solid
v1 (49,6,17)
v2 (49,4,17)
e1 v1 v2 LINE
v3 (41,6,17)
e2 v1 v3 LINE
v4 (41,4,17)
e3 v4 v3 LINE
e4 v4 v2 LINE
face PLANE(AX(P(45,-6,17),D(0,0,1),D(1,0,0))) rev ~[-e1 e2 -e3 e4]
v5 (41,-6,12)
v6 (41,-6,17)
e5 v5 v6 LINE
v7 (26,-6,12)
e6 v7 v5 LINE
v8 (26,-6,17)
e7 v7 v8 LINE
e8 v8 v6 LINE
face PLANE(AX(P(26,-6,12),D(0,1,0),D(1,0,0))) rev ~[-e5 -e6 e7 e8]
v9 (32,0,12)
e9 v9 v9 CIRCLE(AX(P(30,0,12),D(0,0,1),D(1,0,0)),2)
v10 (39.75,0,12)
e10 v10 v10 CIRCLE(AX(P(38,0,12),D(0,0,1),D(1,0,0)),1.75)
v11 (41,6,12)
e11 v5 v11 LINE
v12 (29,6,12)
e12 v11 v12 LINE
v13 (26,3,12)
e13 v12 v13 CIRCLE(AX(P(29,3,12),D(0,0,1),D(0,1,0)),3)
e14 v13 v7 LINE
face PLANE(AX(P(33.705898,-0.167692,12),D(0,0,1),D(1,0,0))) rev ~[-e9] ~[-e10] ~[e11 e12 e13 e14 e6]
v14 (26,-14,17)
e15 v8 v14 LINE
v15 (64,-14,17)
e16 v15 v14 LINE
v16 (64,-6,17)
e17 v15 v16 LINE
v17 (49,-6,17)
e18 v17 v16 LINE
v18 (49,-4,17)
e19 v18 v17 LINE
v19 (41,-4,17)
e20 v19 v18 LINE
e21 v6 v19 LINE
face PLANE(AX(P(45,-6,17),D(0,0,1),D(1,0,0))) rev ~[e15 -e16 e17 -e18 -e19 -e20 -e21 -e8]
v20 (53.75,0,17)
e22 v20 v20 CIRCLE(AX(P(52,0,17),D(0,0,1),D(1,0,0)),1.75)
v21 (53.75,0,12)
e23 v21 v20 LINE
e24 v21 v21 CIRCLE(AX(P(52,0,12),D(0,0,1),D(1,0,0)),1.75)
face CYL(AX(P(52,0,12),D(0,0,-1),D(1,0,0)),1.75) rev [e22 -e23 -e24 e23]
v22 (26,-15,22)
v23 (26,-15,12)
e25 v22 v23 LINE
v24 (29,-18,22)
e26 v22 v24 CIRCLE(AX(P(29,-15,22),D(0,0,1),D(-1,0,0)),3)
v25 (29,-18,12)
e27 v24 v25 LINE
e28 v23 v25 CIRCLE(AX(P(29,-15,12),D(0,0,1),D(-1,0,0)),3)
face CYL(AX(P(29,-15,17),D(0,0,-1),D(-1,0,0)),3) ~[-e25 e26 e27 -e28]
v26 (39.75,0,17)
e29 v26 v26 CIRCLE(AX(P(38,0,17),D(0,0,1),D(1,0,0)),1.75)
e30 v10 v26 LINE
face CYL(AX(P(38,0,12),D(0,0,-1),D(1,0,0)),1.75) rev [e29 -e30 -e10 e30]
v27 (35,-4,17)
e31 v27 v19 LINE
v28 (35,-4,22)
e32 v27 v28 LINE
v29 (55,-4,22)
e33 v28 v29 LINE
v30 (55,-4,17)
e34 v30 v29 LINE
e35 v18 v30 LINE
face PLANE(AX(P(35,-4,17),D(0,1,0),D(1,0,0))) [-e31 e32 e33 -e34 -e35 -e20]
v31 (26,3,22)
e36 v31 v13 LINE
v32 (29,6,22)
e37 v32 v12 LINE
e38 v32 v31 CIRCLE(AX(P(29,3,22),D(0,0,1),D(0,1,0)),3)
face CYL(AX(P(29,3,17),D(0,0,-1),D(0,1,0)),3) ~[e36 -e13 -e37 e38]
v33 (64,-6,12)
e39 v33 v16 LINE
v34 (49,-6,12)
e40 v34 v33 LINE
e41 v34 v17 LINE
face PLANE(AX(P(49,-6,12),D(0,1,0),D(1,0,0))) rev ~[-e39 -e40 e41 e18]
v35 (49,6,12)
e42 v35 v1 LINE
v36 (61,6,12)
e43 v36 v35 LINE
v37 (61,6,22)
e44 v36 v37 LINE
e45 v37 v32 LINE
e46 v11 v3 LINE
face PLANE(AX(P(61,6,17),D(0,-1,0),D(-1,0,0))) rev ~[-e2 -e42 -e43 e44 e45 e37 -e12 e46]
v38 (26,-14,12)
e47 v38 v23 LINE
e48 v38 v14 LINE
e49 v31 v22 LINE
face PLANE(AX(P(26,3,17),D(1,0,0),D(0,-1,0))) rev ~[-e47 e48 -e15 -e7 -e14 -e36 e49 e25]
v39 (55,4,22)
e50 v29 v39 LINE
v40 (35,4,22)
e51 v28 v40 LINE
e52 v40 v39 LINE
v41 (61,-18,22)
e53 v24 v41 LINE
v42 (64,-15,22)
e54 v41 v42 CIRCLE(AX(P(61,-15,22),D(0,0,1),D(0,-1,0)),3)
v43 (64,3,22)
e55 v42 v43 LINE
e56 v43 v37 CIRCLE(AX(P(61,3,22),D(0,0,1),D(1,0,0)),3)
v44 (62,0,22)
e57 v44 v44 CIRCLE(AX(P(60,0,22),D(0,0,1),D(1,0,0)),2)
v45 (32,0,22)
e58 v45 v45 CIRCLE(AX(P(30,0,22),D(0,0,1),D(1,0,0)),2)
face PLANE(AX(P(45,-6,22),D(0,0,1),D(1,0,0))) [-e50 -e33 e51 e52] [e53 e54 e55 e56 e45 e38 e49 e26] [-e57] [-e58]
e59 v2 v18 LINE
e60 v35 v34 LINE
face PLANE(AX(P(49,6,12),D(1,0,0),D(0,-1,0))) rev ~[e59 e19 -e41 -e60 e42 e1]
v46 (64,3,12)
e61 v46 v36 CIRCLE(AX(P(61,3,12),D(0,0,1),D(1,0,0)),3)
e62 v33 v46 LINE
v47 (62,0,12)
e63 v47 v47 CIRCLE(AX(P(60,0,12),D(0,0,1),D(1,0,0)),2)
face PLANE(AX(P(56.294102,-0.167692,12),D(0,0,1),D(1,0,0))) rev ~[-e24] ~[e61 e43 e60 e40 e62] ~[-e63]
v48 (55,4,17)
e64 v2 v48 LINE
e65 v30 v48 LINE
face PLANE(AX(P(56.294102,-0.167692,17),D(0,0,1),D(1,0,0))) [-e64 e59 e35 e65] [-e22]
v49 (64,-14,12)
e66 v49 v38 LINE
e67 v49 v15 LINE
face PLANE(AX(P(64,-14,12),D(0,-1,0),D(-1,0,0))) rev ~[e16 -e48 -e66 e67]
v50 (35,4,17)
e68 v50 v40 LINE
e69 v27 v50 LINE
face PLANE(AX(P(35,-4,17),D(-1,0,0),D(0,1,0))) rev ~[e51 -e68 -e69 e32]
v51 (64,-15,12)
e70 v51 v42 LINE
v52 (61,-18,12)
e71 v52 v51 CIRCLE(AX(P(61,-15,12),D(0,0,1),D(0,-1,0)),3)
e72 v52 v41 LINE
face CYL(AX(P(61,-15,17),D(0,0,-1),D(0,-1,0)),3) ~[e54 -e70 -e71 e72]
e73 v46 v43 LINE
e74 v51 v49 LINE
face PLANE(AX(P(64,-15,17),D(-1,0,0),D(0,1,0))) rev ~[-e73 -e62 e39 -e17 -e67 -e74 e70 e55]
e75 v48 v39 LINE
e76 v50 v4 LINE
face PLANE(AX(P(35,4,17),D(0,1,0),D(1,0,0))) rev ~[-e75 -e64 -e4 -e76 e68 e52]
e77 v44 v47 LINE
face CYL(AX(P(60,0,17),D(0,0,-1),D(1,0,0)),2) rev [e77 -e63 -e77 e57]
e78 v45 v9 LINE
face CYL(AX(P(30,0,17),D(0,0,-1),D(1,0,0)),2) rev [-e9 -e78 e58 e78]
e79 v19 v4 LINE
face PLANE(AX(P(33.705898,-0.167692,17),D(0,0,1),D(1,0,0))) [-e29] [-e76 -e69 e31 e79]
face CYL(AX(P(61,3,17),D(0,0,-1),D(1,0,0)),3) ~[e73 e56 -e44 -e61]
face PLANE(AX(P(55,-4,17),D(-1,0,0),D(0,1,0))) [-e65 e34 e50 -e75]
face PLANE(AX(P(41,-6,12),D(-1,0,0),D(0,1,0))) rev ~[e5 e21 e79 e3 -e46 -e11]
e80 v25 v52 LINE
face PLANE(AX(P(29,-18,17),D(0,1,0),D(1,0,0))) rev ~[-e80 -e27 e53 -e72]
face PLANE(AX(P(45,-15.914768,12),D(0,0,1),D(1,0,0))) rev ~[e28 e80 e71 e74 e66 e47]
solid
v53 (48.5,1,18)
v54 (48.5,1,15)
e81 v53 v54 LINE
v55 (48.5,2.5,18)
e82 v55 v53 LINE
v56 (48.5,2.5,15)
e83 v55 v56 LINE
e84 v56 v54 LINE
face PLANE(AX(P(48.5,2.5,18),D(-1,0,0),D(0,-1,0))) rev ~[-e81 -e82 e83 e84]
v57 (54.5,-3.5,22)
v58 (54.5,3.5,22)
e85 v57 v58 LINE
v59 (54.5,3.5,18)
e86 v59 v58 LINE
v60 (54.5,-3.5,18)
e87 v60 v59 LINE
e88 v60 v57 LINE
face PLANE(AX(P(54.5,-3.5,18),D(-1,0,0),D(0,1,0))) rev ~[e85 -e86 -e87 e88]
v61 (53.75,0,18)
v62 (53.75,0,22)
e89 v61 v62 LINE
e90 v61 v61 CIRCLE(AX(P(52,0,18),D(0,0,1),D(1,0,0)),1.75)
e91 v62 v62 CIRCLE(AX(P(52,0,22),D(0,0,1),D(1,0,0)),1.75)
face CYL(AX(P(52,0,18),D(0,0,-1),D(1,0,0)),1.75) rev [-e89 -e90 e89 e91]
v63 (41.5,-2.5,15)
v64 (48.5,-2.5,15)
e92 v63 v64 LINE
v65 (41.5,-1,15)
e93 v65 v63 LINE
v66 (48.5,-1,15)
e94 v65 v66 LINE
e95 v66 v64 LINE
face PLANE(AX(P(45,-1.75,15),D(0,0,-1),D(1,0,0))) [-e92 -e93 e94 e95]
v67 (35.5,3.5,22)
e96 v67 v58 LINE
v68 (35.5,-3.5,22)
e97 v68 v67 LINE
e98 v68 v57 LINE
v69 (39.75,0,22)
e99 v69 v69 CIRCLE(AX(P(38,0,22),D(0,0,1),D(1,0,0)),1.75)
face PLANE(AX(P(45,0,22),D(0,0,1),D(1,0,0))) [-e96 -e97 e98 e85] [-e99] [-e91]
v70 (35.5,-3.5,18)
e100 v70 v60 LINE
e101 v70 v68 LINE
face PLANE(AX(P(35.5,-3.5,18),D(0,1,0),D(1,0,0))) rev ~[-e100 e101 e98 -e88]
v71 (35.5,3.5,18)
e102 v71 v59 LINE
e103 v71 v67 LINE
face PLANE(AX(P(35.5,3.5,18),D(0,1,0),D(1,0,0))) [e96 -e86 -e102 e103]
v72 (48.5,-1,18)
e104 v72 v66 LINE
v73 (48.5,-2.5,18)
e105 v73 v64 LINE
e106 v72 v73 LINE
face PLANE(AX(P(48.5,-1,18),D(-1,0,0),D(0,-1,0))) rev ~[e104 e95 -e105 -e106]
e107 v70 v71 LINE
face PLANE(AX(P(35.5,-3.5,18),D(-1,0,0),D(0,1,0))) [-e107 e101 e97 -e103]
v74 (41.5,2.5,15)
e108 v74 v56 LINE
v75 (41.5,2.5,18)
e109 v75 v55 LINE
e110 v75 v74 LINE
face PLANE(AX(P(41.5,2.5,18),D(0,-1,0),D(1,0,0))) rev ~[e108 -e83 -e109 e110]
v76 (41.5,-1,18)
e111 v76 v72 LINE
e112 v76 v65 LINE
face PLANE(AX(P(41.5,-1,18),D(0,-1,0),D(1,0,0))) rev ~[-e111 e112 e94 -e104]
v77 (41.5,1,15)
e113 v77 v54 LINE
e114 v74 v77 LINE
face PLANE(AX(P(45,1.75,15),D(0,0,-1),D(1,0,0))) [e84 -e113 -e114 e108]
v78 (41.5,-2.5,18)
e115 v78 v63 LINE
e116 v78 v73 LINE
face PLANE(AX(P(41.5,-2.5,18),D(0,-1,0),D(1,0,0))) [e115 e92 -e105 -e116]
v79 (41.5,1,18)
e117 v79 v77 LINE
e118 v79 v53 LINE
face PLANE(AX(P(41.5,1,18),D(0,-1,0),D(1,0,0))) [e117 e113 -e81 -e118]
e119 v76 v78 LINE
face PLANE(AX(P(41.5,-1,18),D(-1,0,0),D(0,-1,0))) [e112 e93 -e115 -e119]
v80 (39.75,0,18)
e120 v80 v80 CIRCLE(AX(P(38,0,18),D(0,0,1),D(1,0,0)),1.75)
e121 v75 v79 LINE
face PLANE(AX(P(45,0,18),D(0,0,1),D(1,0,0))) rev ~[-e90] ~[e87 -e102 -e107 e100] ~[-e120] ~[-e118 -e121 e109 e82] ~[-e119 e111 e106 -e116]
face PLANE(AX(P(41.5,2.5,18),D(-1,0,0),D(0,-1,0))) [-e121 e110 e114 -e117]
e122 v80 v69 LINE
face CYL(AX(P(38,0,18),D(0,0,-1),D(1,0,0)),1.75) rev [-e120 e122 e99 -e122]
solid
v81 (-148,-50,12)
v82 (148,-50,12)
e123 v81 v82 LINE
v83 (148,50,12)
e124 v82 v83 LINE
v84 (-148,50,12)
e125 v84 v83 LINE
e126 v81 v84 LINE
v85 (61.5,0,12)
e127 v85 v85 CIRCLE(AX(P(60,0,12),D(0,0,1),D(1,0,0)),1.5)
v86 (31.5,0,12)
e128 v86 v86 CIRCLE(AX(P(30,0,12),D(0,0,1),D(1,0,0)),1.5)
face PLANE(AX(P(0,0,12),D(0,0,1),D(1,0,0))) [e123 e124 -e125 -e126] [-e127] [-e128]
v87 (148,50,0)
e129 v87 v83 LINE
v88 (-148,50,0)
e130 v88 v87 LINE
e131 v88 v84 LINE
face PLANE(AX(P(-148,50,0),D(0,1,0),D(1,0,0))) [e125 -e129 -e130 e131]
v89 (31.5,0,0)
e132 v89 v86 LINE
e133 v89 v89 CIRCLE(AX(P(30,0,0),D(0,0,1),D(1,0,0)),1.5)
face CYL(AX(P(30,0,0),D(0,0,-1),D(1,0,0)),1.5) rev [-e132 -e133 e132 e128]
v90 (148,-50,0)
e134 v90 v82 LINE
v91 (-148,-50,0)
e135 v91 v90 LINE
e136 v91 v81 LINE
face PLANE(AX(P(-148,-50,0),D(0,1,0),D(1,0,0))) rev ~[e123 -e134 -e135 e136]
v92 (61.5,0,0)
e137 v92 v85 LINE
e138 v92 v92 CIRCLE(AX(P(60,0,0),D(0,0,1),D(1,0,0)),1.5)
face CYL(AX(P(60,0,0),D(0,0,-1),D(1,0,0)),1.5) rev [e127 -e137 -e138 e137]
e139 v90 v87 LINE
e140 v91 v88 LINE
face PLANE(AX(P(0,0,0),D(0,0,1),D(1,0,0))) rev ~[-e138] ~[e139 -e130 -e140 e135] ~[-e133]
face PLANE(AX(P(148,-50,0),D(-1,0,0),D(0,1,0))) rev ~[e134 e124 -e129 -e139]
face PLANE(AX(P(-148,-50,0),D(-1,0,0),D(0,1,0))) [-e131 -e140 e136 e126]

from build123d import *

# Parameters (mm, degrees)
F0_W     = 296
F0_H     = 100
F0_R     = 1.5
F1_DEPTH = 12
F2_R     = 2
F2_R_2   = 1.75
F3_DEPTH = 5
F4_R     = 2
F4_W     = 20
F4_H     = 8
F5_DEPTH = 5
F7_START = 1
F6_W     = 19
F6_H     = 7
F6_R     = 1.75
F7_DEPTH = 4
F8_W     = 7
F8_H     = 1.5
F9_DEPTH = 3


with BuildPart() as f1:
    # F0 (on Top) → F1 (new body)
    with BuildSketch(Plane.XY):
        Rectangle(F0_W, F0_H)
        with Locations((30, 0)):
            Circle(F0_R, mode=Mode.SUBTRACT)
        with Locations((60, 0)):
            Circle(F0_R, mode=Mode.SUBTRACT)
    extrude(amount=F1_DEPTH)


with BuildPart() as f3:
    # F2 (on face) → F3 (new body)
    with BuildSketch(Plane.XY.offset(12)):
        with BuildLine():
            Line((41, 6), (29, 6))
            ThreePointArc((29, 6), (26.8786796564, 5.1213203436), (26, 3))
            Line((26, 3), (26, -6))
            Line((26, -6), (41, -6))
            Line((41, -6), (41, 6))
        make_face()
        with Locations((30, 0)):
            Circle(F2_R, mode=Mode.SUBTRACT)
        with Locations((38, 0)):
            Circle(F2_R_2, mode=Mode.SUBTRACT)
    extrude(amount=F3_DEPTH)



with BuildPart() as f3b:
    # F2 (on face) → F3, piece 2 (new body)
    with BuildSketch(Plane.XY.offset(12)):
        with BuildLine():
            ThreePointArc((26, -15), (26.8786796564, -17.1213203436), (29, -18))
            Line((29, -18), (61, -18))
            ThreePointArc((61, -18), (63.1213203436, -17.1213203436), (64, -15))
            Line((64, -15), (64, -14))
            Line((64, -14), (26, -14))
            Line((26, -14), (26, -15))
        make_face()
    extrude(amount=F3_DEPTH)


with BuildPart() as f3c:
    # F2 (on face) → F3, piece 3 (new body)
    with BuildSketch(Plane.XY.offset(12)):
        with BuildLine():
            Line((64, -6), (64, 3))
            ThreePointArc((64, 3), (63.1213203436, 5.1213203436), (61, 6))
            Line((61, 6), (49, 6))
            Line((49, 6), (49, -6))
            Line((49, -6), (64, -6))
        make_face()
        with Locations((52, 0)):
            Circle(F2_R_2, mode=Mode.SUBTRACT)
        with Locations((60, 0)):
            Circle(F2_R, mode=Mode.SUBTRACT)
    extrude(amount=F3_DEPTH)


with BuildPart() as f3_1:
    add(f3.part)

    add(f3b.part)  # F5 merges F3b

    add(f3c.part)  # F5 merges F3c
    # F4 (on face) → F5 (join)
    with BuildSketch(Plane.XY.offset(17)):
        with BuildLine():
            Line((29, -18), (61, -18))
            ThreePointArc((61, -18), (63.1213203436, -17.1213203436), (64, -15))
            Line((64, -15), (64, 3))
            ThreePointArc((64, 3), (63.1213203436, 5.1213203436), (61, 6))
            Line((61, 6), (29, 6))
            ThreePointArc((29, 6), (26.8786796564, 5.1213203436), (26, 3))
            Line((26, 3), (26, -15))
            ThreePointArc((26, -15), (26.8786796564, -17.1213203436), (29, -18))
        make_face()
        with Locations((30, 0)):
            Circle(F4_R, mode=Mode.SUBTRACT)
        with Locations((45, 0)):
            Rectangle(F4_W, F4_H, mode=Mode.SUBTRACT)
        with Locations((60, 0)):
            Circle(F4_R, mode=Mode.SUBTRACT)
    extrude(amount=F5_DEPTH)


with BuildPart() as f7:
    # F6 (on face) → F7 (new body)
    with BuildSketch(Plane.XY.offset(17).offset(F7_START)):
        with Locations((45, 0)):
            Rectangle(F6_W, F6_H)
        with Locations((38, 0)):
            Circle(F6_R, mode=Mode.SUBTRACT)
        with Locations((52, 0)):
            Circle(F6_R, mode=Mode.SUBTRACT)
    extrude(amount=F7_DEPTH)

    # F8 (on face) → F9 (join)
    with BuildSketch(Plane(origin=(0, 0, 18), x_dir=(1, 0, 0), z_dir=(0, 0, -1))):
        with Locations((45, 1.75)):
            Rectangle(F8_W, F8_H)
        with Locations((45, -1.75)):
            Rectangle(F8_W, F8_H)
    extrude(amount=F9_DEPTH)


solid = Compound([f1.part, f3_1.part, f7.part])
